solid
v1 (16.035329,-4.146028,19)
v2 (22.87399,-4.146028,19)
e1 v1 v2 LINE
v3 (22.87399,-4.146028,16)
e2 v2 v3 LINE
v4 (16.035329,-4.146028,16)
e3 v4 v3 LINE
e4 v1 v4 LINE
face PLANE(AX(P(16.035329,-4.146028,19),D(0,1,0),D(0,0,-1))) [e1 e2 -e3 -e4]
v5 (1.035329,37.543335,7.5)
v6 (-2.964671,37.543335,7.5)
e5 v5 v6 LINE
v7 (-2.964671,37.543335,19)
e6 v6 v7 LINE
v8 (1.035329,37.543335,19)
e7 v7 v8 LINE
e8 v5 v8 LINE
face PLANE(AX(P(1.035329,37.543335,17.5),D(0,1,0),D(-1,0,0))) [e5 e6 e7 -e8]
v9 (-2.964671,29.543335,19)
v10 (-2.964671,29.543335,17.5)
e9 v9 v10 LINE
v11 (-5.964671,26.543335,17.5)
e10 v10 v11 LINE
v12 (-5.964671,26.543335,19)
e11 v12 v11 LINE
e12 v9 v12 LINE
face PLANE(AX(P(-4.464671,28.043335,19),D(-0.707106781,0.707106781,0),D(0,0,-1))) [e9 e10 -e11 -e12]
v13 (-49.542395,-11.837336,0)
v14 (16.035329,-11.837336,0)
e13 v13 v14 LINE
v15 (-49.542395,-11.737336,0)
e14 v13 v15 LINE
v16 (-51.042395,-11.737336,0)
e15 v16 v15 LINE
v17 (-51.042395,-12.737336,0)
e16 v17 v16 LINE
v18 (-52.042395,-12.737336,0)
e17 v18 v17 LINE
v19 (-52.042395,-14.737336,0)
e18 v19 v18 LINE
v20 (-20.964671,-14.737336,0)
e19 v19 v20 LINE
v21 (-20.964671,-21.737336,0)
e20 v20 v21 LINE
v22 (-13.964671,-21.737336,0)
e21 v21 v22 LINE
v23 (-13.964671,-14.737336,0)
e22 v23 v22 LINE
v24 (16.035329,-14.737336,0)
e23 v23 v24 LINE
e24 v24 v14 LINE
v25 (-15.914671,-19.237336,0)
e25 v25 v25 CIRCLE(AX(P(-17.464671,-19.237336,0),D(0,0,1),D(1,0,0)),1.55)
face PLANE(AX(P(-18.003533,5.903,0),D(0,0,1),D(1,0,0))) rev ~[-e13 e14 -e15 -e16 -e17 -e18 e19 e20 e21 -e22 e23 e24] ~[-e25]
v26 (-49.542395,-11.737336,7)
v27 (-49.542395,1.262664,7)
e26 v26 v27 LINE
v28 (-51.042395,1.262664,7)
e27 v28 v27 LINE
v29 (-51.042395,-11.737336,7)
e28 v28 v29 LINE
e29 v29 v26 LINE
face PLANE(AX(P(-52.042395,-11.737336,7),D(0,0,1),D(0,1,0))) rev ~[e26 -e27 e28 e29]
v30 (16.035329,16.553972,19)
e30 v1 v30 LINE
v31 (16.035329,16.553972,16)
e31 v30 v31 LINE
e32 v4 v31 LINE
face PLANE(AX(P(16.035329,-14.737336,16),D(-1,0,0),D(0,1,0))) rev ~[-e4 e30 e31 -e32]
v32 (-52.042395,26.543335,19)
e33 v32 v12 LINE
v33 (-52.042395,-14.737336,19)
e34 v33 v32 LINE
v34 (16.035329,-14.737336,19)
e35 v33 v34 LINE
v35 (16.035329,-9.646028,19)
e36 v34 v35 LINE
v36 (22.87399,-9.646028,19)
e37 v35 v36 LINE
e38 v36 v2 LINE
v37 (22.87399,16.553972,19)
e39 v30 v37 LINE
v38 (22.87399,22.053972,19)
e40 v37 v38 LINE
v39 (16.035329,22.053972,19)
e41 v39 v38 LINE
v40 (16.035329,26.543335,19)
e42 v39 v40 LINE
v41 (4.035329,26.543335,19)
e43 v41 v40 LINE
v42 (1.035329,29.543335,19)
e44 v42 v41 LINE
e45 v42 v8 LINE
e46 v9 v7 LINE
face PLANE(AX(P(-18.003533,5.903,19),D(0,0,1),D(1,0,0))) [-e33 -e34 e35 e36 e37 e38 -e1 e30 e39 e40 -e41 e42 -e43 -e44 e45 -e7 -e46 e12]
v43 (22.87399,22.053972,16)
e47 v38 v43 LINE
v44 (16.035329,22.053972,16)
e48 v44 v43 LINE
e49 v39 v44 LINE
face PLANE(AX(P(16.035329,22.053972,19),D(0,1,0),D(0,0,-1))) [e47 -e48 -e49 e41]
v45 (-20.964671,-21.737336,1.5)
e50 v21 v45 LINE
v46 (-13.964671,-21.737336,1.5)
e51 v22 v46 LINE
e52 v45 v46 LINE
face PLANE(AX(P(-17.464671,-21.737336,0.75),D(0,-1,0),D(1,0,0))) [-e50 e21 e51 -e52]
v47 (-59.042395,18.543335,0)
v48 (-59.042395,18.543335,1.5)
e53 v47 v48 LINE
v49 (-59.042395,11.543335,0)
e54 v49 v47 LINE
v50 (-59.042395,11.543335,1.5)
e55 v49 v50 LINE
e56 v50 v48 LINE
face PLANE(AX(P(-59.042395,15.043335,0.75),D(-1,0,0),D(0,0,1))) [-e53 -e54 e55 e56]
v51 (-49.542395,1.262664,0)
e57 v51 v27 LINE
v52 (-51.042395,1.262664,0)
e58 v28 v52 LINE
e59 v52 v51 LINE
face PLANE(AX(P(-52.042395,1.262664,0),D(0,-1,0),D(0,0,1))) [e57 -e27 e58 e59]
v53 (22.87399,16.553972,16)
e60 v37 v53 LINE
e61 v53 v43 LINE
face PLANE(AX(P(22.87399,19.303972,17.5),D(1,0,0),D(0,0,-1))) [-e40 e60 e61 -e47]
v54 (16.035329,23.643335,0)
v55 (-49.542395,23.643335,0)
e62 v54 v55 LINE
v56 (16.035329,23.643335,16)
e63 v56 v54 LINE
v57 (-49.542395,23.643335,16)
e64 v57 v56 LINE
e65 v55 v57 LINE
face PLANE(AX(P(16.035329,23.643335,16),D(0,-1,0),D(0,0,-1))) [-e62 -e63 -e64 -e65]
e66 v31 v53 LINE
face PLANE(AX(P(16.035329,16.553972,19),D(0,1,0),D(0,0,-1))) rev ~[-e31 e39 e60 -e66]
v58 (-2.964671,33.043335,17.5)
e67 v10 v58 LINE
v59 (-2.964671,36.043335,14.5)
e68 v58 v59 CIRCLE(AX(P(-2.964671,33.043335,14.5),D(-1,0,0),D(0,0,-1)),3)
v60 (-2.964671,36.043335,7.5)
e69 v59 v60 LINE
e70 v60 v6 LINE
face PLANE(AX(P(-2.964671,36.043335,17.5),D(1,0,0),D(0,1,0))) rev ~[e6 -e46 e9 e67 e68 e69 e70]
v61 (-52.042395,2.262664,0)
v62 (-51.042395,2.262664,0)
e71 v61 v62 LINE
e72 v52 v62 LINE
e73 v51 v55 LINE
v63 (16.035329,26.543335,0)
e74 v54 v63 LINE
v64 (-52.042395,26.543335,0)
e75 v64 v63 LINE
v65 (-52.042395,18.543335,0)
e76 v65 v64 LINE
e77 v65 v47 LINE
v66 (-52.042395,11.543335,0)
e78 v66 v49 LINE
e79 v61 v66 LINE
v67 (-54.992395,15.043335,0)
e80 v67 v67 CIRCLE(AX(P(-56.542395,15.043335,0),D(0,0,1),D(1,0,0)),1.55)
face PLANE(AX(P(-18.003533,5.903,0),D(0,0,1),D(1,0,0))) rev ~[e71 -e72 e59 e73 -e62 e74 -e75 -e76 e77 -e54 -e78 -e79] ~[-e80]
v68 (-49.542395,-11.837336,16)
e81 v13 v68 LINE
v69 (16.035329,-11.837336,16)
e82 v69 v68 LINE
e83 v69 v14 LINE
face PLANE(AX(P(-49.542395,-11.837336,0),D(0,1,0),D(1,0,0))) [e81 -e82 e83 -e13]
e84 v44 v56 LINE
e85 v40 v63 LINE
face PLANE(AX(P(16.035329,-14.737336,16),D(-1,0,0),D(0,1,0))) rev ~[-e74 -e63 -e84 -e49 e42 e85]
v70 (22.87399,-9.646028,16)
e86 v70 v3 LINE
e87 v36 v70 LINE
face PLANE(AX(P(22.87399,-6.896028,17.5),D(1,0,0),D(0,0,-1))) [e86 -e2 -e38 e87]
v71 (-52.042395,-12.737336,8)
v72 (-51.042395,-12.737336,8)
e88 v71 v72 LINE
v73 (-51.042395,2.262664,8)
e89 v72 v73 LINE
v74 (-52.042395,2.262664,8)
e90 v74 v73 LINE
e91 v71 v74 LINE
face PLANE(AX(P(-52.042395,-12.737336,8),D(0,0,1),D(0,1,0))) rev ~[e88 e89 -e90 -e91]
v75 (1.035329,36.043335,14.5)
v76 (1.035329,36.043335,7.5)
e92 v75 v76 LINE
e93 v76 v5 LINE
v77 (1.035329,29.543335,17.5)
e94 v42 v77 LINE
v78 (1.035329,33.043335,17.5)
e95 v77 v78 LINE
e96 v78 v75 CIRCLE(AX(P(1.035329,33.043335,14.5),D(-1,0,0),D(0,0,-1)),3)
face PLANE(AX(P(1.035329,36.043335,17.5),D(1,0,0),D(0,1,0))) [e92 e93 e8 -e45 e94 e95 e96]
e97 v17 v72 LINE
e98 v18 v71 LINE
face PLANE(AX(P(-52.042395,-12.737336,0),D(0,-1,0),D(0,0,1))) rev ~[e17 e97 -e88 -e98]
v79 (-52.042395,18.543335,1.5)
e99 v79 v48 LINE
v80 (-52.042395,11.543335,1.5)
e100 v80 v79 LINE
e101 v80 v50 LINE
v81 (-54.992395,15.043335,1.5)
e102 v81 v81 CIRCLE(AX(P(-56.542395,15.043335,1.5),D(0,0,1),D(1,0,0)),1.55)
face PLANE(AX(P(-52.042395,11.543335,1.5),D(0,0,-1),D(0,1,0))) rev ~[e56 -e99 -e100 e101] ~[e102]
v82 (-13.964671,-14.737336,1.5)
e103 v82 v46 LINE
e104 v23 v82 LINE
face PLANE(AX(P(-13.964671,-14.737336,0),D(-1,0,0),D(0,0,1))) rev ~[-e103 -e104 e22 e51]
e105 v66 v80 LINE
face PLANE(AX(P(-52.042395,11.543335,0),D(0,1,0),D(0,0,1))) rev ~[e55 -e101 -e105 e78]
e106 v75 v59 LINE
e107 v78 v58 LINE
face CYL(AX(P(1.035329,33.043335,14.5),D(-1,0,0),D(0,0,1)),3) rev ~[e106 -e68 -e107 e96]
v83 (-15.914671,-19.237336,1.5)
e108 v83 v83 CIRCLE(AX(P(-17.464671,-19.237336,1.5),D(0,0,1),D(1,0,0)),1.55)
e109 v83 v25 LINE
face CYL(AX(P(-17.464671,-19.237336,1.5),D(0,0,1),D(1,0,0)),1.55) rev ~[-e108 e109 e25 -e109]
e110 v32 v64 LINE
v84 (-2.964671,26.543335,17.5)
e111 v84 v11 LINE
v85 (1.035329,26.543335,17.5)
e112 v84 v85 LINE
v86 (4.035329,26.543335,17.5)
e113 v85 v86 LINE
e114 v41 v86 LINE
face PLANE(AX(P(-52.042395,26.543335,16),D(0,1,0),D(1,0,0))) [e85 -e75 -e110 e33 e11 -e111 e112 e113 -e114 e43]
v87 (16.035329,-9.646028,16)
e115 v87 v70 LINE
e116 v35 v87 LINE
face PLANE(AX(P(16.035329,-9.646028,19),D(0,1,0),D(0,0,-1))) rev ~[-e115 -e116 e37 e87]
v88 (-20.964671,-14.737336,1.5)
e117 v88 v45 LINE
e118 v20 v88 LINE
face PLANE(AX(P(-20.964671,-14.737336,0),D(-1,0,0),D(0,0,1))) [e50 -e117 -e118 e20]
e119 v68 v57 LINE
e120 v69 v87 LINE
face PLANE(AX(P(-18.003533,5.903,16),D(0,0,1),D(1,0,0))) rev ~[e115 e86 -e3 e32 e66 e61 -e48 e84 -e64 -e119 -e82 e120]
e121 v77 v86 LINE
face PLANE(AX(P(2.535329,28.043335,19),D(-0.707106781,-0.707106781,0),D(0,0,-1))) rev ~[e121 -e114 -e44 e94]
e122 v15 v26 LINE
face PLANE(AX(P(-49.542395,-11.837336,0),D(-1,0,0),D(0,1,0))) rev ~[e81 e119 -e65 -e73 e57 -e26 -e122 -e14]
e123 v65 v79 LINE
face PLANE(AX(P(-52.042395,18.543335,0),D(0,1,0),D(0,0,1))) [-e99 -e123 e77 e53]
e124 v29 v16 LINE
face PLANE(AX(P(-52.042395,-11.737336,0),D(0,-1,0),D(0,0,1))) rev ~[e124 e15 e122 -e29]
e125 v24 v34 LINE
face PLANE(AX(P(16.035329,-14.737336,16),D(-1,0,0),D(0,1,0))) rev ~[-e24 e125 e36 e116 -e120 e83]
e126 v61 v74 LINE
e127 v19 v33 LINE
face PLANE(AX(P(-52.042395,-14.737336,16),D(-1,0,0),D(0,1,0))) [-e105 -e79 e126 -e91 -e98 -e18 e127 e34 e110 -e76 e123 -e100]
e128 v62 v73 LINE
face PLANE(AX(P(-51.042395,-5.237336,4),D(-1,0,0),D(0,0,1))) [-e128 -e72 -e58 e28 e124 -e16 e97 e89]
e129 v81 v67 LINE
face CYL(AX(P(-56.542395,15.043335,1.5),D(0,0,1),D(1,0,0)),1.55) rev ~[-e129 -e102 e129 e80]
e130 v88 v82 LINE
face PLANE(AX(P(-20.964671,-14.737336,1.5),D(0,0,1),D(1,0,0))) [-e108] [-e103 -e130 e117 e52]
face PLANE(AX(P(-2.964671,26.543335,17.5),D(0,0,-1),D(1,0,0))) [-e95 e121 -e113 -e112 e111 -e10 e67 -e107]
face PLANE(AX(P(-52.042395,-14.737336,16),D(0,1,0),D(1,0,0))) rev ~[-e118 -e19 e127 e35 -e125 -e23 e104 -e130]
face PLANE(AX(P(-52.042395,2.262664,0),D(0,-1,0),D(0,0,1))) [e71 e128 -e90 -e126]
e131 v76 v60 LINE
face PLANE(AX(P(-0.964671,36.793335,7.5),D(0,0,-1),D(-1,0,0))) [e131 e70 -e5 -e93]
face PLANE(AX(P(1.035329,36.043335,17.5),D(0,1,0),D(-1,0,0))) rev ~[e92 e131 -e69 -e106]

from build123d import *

# Parameters (mm, degrees)
SKETCH_1_W          = 68.077724156
SKETCH_1_H          = 41.280670561
SKETCH_1_W_2        = 62.677724156
SKETCH_1_H_2        = 35.480670561
EXTRUDE_1_DEPTH     = 16
SKETCH_2_W          = 7
SKETCH_2_H          = 13
CUT_EXTRUDE_1_DEPTH = 2.5
SKETCH_3_W          = 16
SKETCH_3_H          = 35.480670561
CUT_EXTRUDE_2_DEPTH = 2.9
SKETCH_4_W          = 68.077724156
SKETCH_4_H          = 41.280670561
EXTRUDE_2_DEPTH     = 3
SKETCH_5_W          = 3
SKETCH_5_H          = 5.5
EXTRUDE_3_DEPTH     = 6.838661
SKETCH_6_W          = 8
SKETCH_6_H          = 15
CUT_EXTRUDE_3_DEPTH = 1
SKETCH_7_W          = 1.5
SKETCH_7_H          = 7
EXTRUDE_4_DEPTH     = 7
SKETCH_8_R          = 1.55
CUT_EXTRUDE_6_DEPTH = 2.5
SKETCH_9_W          = 4
SKETCH_9_H          = 1.5
EXTRUDE_5_DEPTH     = 11
SKETCH_10_W         = 4
SKETCH_10_H         = 1.5
EXTRUDE_6_DEPTH     = 10
CHAMFER_1_SIZE      = 3
FILLET_1_R          = 3
SKETCH_11_W         = 7
SKETCH_11_H         = 1.5
EXTRUDE_7_DEPTH     = 7
SKETCH_12_R         = 1.55
CUT_EXTRUDE_7_DEPTH = 2.5


with BuildPart() as part:
    # 草图1 → 凸台-拉伸1 (new body)
    with BuildSketch(Plane.XY):
        with Locations((-18.003533133, 5.902999581)):
            Rectangle(SKETCH_1_W, SKETCH_1_H)
        with Locations((-18.203533133, 5.902999581)):
            Rectangle(SKETCH_1_W_2, SKETCH_1_H_2, mode=Mode.SUBTRACT)
    extrude(amount=EXTRUDE_1_DEPTH)

    # 草图2 → 切除-拉伸1 (cut)
    with BuildSketch(Plane.ZY.offset(52.042395211)):
        with Locations((3.5, -5.2373357)):
            Rectangle(SKETCH_2_W, SKETCH_2_H)
    extrude(amount=-CUT_EXTRUDE_1_DEPTH, mode=Mode.SUBTRACT)

    # 草图3 → 切除-拉伸2 (cut)
    with BuildSketch(Plane(origin=(16.035328945, 0, 0), x_dir=(0, 0, -1), z_dir=(1, 0, 0))):
        with Locations((-8, 5.902999581)):
            Rectangle(SKETCH_3_W, SKETCH_3_H)
    extrude(amount=-CUT_EXTRUDE_2_DEPTH, mode=Mode.SUBTRACT)

    # 草图4 → 凸台-拉伸2 (add)
    with BuildSketch(Plane.XY.offset(16)):
        with Locations((-18.003533133, 5.902999581)):
            Rectangle(SKETCH_4_W, SKETCH_4_H)
    extrude(amount=EXTRUDE_2_DEPTH)

    # 草图5 → 凸台-拉伸3 (add)
    with BuildSketch(Plane(origin=(16.035328945, 0, 0), x_dir=(0, 0, -1), z_dir=(1, 0, 0))):
        with Locations((-17.5, -6.896027597)):
            Rectangle(SKETCH_5_W, SKETCH_5_H)
        with Locations((-17.5, 19.303972403)):
            Rectangle(SKETCH_5_W, SKETCH_5_H)
    extrude(amount=EXTRUDE_3_DEPTH)

    # 草图6 → 切除-拉伸3 (cut)
    with BuildSketch(Plane.ZY.offset(52.042395211)):
        with Locations((4, -5.2373357)):
            Rectangle(SKETCH_6_W, SKETCH_6_H)
    extrude(amount=-CUT_EXTRUDE_3_DEPTH, mode=Mode.SUBTRACT)

    # 草图7 → 凸台-拉伸4 (add)
    with BuildSketch(Plane.ZY.offset(52.042395211)):
        with Locations((0.75, 15.043334861)):
            Rectangle(SKETCH_7_W, SKETCH_7_H)
    extrude(amount=EXTRUDE_4_DEPTH)

    # 草图8 → 切除-拉伸6 (cut, through all)
    with BuildSketch(Plane.XY.offset(1.5)):
        with Locations((-56.542395211, 15.043334861)):
            Circle(SKETCH_8_R)
    extrude(amount=-CUT_EXTRUDE_6_DEPTH, mode=Mode.SUBTRACT)

    # 草图9 → 凸台-拉伸5 (add)
    with BuildSketch(Plane(origin=(0, 26.543334861, 0), x_dir=(1, 0, 0), z_dir=(0, 1, 0))):
        with Locations((-0.964671055, -18.25)):
            Rectangle(SKETCH_9_W, SKETCH_9_H)
    extrude(amount=EXTRUDE_5_DEPTH)

    # 草图10 → 凸台-拉伸6 (add)
    with BuildSketch(Plane(origin=(0, 0, 17.5), x_dir=(-1, 0, 0), z_dir=(0, 0, -1))):
        with Locations((0.964671055, 36.793334861)):
            Rectangle(SKETCH_10_W, SKETCH_10_H)
    extrude(amount=EXTRUDE_6_DEPTH)

    # 倒角1
    chamfer_1_edges = [part.edges().sort_by_distance(p)[0] for p in [
        (1.035328945, 26.543334861, 18.25),
        (-2.964671055, 26.543334861, 18.25),
    ]]
    chamfer(chamfer_1_edges, length=CHAMFER_1_SIZE)

    # 圆角1
    fillet_1_edges = [part.edges().sort_by_distance(p)[0] for p in [
        (-0.964671055, 36.043334861, 17.5),
    ]]
    fillet(fillet_1_edges, radius=FILLET_1_R)

    # 草图11 → 凸台-拉伸7 (add)
    with BuildSketch(Plane.XZ.offset(14.7373357)):
        with Locations((-17.464671055, 0.75)):
            Rectangle(SKETCH_11_W, SKETCH_11_H)
    extrude(amount=EXTRUDE_7_DEPTH)

    # 草图12 → 切除-拉伸7 (cut, through all)
    with BuildSketch(Plane.XY.offset(1.5)):
        with Locations((-17.464671055, -19.2373357)):
            Circle(SKETCH_12_R)
    extrude(amount=-CUT_EXTRUDE_7_DEPTH, mode=Mode.SUBTRACT)


solid = part.part
